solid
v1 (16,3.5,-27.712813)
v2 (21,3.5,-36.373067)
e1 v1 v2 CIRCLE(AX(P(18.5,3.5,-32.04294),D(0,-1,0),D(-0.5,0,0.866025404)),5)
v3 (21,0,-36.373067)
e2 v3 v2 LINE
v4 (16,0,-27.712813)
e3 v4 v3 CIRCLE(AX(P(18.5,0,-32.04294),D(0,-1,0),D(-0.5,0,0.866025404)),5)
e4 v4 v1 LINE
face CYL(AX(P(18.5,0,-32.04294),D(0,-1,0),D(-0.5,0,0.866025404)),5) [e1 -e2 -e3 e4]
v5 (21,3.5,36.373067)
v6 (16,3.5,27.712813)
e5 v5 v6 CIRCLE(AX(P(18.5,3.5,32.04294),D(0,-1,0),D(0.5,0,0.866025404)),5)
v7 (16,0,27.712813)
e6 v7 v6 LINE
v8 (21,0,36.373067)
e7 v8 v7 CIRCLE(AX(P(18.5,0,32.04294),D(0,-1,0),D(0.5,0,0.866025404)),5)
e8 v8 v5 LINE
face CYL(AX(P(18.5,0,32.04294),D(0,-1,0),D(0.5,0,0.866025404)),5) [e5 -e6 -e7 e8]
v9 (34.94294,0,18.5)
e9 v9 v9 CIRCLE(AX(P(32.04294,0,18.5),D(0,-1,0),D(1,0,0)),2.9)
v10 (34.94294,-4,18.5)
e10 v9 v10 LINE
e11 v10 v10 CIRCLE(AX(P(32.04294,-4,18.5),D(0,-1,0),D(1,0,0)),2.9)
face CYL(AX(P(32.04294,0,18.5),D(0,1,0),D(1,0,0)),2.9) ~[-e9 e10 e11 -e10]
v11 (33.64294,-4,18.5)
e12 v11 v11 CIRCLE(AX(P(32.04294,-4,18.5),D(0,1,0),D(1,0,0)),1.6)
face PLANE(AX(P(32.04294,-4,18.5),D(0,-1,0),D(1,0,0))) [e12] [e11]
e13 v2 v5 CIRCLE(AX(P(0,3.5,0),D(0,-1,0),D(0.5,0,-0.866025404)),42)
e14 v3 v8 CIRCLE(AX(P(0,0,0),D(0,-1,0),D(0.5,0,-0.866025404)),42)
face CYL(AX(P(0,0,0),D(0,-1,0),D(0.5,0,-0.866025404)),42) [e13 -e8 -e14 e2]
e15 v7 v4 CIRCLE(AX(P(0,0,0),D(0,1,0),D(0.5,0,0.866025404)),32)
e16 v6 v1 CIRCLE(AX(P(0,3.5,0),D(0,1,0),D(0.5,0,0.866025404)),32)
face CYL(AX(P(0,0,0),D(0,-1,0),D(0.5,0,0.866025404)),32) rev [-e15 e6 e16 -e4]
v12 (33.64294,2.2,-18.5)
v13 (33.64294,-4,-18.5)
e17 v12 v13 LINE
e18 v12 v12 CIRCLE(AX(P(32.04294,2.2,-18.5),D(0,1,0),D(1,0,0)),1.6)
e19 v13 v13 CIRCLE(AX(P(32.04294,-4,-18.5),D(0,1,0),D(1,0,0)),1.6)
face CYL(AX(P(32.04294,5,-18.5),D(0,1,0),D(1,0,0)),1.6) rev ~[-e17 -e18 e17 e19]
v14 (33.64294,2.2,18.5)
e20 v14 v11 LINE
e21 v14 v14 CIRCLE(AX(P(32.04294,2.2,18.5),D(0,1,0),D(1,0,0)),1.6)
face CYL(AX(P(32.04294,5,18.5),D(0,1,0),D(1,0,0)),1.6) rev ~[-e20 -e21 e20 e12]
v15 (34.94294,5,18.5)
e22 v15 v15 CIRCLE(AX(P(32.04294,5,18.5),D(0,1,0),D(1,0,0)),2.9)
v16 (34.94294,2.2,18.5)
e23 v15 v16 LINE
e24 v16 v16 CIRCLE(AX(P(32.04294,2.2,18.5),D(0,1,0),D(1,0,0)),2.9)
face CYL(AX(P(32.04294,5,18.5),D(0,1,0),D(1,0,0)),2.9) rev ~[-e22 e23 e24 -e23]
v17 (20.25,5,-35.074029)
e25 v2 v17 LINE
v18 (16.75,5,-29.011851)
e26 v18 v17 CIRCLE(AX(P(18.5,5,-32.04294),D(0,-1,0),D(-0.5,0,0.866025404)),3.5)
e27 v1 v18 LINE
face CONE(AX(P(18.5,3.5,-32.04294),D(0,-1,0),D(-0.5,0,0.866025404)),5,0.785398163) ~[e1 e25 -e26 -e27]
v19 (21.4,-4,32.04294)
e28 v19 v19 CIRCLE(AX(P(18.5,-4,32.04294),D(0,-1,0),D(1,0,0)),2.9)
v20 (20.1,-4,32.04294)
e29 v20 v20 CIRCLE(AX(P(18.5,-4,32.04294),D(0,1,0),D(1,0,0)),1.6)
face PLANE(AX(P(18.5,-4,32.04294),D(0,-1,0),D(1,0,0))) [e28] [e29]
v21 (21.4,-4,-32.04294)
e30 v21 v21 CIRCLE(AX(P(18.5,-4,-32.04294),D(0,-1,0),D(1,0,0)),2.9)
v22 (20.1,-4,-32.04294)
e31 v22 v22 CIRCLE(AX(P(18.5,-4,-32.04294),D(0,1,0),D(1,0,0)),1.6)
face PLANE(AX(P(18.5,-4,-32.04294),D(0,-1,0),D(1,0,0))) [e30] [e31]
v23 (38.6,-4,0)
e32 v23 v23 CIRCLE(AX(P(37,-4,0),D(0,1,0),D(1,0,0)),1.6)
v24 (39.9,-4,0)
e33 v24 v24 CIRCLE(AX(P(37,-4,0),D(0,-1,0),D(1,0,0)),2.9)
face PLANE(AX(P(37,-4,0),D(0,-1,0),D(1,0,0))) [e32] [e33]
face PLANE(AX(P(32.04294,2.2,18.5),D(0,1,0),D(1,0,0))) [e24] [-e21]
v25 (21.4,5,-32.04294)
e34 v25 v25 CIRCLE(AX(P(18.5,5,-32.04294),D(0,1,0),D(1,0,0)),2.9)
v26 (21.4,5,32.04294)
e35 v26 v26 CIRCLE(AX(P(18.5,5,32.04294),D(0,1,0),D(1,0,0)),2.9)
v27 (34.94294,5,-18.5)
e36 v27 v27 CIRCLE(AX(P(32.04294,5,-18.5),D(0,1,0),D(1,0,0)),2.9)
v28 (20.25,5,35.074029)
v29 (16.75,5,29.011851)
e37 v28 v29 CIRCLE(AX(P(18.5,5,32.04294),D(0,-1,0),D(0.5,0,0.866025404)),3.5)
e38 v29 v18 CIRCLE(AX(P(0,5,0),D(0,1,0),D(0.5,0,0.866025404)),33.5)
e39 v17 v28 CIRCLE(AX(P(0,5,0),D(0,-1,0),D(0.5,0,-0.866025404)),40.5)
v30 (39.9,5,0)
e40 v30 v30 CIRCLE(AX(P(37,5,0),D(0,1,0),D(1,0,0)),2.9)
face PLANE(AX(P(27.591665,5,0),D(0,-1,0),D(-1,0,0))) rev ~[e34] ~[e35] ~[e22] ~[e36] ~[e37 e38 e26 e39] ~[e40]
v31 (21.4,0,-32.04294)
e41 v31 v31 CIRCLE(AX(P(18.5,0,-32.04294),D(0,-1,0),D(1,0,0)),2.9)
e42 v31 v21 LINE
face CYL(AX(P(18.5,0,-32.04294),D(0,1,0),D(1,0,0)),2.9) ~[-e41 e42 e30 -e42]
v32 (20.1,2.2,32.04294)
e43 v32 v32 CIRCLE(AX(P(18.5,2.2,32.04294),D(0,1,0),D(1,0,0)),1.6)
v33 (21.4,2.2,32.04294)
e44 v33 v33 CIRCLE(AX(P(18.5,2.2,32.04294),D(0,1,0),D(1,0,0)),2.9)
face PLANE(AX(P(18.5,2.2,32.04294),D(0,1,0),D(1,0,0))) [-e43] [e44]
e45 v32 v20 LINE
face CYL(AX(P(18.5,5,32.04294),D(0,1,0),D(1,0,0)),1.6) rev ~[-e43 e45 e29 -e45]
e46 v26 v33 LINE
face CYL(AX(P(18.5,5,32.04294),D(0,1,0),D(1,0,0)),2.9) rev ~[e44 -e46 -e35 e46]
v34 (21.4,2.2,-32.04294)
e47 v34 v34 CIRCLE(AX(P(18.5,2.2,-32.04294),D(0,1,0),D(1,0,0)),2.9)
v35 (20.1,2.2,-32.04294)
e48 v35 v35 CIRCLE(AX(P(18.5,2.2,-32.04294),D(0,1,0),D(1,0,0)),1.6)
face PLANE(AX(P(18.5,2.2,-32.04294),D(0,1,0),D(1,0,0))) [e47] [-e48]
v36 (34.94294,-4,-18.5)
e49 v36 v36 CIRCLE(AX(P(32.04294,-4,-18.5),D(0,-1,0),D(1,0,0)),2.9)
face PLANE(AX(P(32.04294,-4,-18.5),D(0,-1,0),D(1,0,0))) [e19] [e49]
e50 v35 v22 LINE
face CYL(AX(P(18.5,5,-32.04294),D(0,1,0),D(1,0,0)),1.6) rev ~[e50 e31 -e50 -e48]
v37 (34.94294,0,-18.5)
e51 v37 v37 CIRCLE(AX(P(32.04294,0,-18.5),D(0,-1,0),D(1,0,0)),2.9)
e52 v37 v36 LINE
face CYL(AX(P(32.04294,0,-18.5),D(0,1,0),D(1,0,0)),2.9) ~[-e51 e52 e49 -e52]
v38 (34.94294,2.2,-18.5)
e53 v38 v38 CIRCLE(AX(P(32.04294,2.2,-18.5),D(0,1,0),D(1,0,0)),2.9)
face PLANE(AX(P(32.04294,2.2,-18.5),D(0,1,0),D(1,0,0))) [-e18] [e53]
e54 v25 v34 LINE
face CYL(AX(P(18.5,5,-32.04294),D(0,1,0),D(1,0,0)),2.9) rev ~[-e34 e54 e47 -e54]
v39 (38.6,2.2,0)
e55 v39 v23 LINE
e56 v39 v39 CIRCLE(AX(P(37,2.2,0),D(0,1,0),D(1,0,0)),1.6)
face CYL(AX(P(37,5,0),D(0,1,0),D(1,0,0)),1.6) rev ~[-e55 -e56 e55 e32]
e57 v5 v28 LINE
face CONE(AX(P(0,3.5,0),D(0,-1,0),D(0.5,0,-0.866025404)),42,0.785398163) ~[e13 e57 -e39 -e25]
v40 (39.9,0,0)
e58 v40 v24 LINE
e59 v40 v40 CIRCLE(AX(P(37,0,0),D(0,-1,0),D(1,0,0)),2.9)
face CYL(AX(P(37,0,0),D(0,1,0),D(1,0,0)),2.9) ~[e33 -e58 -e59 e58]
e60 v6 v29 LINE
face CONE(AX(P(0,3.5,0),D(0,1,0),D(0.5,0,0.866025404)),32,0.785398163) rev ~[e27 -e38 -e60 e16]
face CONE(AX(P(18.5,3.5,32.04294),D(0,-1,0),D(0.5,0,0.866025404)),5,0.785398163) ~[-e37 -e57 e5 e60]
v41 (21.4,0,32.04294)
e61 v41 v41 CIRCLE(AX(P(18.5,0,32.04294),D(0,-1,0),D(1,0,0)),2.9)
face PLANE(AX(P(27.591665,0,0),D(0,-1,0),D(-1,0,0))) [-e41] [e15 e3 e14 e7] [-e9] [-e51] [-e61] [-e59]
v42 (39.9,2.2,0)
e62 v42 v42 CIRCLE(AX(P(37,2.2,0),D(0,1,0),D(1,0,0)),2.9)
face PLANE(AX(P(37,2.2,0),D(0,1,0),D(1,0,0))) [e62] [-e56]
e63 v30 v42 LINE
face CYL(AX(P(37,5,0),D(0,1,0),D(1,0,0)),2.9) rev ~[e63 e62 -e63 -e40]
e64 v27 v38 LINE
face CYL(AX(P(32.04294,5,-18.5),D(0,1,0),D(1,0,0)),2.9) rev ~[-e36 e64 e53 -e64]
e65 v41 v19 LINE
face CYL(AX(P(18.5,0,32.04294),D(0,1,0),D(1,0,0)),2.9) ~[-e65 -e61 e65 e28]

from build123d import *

# Parameters (mm, degrees)
EXTRUDE_1_DEPTH     = 5
SKETCH_3_R          = 2.9
EXTRUDE_3_DEPTH     = 4
SKETCH_4_R          = 1.6
CUT_EXTRUDE_1_DEPTH = 10
SKETCH_5_R          = 2.9
CUT_EXTRUDE_2_DEPTH = 2.8
CHAMFER_1_SIZE      = 1.5


with BuildPart() as part:
    # 草图1 → 凸台-拉伸1 (new body)
    with BuildSketch(Plane(origin=(0, 0, 0), x_dir=(1, 0, 0), z_dir=(0, 1, 0))):
        with BuildLine():
            ThreePointArc((21, -36.373066959), (14.169872981, -34.54293994), (16, -27.712812921))
            ThreePointArc((16, -27.712812921), (32, 0), (16, 27.712812921))
            ThreePointArc((16, 27.712812921), (14.169872981, 34.54293994), (21, 36.373066959))
            ThreePointArc((21, 36.373066959), (42, 0), (21, -36.373066959))
        make_face()
    extrude(amount=EXTRUDE_1_DEPTH)

    # 草图3 → 凸台-拉伸3 (add)
    with BuildSketch(Plane.XZ):
        with Locations((18.5, 32.04293994)):
            Circle(SKETCH_3_R)
        with Locations((32.04293994, 18.5)):
            Circle(SKETCH_3_R)
        with Locations((37, 0)):
            Circle(SKETCH_3_R)
        with Locations((32.04293994, -18.5)):
            Circle(SKETCH_3_R)
        with Locations((18.5, -32.04293994)):
            Circle(SKETCH_3_R)
    extrude(amount=EXTRUDE_3_DEPTH)

    # 草图4 → 切除-拉伸1 (cut, through all)
    with BuildSketch(Plane(origin=(0, 5, 0), x_dir=(1, 0, 0), z_dir=(0, 1, 0))):
        with Locations((18.5, 32.04293994)):
            Circle(SKETCH_4_R)
        with Locations((32.04293994, 18.5)):
            Circle(SKETCH_4_R)
        with Locations((37, 0)):
            Circle(SKETCH_4_R)
        with Locations((32.04293994, -18.5)):
            Circle(SKETCH_4_R)
        with Locations((18.5, -32.04293994)):
            Circle(SKETCH_4_R)
    extrude(amount=-CUT_EXTRUDE_1_DEPTH, mode=Mode.SUBTRACT)

    # 草图5 → 切除-拉伸2 (cut)
    with BuildSketch(Plane(origin=(0, 5, 0), x_dir=(1, 0, 0), z_dir=(0, 1, 0))):
        with Locations((18.5, 32.04293994)):
            Circle(SKETCH_5_R)
        with Locations((32.04293994, 18.5)):
            Circle(SKETCH_5_R)
        with Locations((37, 0)):
            Circle(SKETCH_5_R)
        with Locations((32.04293994, -18.5)):
            Circle(SKETCH_5_R)
        with Locations((18.5, -32.04293994)):
            Circle(SKETCH_5_R)
    extrude(amount=-CUT_EXTRUDE_2_DEPTH, mode=Mode.SUBTRACT)

    # 倒角1
    chamfer_1_edges = [part.edges().sort_by_distance(p)[0] for p in [
        (42, 5, 0),
        (14.169872981, 5, -34.54293994),
        (32, 5, 0),
        (14.169872981, 5, 34.54293994),
    ]]
    chamfer(chamfer_1_edges, length=CHAMFER_1_SIZE)


solid = part.part
